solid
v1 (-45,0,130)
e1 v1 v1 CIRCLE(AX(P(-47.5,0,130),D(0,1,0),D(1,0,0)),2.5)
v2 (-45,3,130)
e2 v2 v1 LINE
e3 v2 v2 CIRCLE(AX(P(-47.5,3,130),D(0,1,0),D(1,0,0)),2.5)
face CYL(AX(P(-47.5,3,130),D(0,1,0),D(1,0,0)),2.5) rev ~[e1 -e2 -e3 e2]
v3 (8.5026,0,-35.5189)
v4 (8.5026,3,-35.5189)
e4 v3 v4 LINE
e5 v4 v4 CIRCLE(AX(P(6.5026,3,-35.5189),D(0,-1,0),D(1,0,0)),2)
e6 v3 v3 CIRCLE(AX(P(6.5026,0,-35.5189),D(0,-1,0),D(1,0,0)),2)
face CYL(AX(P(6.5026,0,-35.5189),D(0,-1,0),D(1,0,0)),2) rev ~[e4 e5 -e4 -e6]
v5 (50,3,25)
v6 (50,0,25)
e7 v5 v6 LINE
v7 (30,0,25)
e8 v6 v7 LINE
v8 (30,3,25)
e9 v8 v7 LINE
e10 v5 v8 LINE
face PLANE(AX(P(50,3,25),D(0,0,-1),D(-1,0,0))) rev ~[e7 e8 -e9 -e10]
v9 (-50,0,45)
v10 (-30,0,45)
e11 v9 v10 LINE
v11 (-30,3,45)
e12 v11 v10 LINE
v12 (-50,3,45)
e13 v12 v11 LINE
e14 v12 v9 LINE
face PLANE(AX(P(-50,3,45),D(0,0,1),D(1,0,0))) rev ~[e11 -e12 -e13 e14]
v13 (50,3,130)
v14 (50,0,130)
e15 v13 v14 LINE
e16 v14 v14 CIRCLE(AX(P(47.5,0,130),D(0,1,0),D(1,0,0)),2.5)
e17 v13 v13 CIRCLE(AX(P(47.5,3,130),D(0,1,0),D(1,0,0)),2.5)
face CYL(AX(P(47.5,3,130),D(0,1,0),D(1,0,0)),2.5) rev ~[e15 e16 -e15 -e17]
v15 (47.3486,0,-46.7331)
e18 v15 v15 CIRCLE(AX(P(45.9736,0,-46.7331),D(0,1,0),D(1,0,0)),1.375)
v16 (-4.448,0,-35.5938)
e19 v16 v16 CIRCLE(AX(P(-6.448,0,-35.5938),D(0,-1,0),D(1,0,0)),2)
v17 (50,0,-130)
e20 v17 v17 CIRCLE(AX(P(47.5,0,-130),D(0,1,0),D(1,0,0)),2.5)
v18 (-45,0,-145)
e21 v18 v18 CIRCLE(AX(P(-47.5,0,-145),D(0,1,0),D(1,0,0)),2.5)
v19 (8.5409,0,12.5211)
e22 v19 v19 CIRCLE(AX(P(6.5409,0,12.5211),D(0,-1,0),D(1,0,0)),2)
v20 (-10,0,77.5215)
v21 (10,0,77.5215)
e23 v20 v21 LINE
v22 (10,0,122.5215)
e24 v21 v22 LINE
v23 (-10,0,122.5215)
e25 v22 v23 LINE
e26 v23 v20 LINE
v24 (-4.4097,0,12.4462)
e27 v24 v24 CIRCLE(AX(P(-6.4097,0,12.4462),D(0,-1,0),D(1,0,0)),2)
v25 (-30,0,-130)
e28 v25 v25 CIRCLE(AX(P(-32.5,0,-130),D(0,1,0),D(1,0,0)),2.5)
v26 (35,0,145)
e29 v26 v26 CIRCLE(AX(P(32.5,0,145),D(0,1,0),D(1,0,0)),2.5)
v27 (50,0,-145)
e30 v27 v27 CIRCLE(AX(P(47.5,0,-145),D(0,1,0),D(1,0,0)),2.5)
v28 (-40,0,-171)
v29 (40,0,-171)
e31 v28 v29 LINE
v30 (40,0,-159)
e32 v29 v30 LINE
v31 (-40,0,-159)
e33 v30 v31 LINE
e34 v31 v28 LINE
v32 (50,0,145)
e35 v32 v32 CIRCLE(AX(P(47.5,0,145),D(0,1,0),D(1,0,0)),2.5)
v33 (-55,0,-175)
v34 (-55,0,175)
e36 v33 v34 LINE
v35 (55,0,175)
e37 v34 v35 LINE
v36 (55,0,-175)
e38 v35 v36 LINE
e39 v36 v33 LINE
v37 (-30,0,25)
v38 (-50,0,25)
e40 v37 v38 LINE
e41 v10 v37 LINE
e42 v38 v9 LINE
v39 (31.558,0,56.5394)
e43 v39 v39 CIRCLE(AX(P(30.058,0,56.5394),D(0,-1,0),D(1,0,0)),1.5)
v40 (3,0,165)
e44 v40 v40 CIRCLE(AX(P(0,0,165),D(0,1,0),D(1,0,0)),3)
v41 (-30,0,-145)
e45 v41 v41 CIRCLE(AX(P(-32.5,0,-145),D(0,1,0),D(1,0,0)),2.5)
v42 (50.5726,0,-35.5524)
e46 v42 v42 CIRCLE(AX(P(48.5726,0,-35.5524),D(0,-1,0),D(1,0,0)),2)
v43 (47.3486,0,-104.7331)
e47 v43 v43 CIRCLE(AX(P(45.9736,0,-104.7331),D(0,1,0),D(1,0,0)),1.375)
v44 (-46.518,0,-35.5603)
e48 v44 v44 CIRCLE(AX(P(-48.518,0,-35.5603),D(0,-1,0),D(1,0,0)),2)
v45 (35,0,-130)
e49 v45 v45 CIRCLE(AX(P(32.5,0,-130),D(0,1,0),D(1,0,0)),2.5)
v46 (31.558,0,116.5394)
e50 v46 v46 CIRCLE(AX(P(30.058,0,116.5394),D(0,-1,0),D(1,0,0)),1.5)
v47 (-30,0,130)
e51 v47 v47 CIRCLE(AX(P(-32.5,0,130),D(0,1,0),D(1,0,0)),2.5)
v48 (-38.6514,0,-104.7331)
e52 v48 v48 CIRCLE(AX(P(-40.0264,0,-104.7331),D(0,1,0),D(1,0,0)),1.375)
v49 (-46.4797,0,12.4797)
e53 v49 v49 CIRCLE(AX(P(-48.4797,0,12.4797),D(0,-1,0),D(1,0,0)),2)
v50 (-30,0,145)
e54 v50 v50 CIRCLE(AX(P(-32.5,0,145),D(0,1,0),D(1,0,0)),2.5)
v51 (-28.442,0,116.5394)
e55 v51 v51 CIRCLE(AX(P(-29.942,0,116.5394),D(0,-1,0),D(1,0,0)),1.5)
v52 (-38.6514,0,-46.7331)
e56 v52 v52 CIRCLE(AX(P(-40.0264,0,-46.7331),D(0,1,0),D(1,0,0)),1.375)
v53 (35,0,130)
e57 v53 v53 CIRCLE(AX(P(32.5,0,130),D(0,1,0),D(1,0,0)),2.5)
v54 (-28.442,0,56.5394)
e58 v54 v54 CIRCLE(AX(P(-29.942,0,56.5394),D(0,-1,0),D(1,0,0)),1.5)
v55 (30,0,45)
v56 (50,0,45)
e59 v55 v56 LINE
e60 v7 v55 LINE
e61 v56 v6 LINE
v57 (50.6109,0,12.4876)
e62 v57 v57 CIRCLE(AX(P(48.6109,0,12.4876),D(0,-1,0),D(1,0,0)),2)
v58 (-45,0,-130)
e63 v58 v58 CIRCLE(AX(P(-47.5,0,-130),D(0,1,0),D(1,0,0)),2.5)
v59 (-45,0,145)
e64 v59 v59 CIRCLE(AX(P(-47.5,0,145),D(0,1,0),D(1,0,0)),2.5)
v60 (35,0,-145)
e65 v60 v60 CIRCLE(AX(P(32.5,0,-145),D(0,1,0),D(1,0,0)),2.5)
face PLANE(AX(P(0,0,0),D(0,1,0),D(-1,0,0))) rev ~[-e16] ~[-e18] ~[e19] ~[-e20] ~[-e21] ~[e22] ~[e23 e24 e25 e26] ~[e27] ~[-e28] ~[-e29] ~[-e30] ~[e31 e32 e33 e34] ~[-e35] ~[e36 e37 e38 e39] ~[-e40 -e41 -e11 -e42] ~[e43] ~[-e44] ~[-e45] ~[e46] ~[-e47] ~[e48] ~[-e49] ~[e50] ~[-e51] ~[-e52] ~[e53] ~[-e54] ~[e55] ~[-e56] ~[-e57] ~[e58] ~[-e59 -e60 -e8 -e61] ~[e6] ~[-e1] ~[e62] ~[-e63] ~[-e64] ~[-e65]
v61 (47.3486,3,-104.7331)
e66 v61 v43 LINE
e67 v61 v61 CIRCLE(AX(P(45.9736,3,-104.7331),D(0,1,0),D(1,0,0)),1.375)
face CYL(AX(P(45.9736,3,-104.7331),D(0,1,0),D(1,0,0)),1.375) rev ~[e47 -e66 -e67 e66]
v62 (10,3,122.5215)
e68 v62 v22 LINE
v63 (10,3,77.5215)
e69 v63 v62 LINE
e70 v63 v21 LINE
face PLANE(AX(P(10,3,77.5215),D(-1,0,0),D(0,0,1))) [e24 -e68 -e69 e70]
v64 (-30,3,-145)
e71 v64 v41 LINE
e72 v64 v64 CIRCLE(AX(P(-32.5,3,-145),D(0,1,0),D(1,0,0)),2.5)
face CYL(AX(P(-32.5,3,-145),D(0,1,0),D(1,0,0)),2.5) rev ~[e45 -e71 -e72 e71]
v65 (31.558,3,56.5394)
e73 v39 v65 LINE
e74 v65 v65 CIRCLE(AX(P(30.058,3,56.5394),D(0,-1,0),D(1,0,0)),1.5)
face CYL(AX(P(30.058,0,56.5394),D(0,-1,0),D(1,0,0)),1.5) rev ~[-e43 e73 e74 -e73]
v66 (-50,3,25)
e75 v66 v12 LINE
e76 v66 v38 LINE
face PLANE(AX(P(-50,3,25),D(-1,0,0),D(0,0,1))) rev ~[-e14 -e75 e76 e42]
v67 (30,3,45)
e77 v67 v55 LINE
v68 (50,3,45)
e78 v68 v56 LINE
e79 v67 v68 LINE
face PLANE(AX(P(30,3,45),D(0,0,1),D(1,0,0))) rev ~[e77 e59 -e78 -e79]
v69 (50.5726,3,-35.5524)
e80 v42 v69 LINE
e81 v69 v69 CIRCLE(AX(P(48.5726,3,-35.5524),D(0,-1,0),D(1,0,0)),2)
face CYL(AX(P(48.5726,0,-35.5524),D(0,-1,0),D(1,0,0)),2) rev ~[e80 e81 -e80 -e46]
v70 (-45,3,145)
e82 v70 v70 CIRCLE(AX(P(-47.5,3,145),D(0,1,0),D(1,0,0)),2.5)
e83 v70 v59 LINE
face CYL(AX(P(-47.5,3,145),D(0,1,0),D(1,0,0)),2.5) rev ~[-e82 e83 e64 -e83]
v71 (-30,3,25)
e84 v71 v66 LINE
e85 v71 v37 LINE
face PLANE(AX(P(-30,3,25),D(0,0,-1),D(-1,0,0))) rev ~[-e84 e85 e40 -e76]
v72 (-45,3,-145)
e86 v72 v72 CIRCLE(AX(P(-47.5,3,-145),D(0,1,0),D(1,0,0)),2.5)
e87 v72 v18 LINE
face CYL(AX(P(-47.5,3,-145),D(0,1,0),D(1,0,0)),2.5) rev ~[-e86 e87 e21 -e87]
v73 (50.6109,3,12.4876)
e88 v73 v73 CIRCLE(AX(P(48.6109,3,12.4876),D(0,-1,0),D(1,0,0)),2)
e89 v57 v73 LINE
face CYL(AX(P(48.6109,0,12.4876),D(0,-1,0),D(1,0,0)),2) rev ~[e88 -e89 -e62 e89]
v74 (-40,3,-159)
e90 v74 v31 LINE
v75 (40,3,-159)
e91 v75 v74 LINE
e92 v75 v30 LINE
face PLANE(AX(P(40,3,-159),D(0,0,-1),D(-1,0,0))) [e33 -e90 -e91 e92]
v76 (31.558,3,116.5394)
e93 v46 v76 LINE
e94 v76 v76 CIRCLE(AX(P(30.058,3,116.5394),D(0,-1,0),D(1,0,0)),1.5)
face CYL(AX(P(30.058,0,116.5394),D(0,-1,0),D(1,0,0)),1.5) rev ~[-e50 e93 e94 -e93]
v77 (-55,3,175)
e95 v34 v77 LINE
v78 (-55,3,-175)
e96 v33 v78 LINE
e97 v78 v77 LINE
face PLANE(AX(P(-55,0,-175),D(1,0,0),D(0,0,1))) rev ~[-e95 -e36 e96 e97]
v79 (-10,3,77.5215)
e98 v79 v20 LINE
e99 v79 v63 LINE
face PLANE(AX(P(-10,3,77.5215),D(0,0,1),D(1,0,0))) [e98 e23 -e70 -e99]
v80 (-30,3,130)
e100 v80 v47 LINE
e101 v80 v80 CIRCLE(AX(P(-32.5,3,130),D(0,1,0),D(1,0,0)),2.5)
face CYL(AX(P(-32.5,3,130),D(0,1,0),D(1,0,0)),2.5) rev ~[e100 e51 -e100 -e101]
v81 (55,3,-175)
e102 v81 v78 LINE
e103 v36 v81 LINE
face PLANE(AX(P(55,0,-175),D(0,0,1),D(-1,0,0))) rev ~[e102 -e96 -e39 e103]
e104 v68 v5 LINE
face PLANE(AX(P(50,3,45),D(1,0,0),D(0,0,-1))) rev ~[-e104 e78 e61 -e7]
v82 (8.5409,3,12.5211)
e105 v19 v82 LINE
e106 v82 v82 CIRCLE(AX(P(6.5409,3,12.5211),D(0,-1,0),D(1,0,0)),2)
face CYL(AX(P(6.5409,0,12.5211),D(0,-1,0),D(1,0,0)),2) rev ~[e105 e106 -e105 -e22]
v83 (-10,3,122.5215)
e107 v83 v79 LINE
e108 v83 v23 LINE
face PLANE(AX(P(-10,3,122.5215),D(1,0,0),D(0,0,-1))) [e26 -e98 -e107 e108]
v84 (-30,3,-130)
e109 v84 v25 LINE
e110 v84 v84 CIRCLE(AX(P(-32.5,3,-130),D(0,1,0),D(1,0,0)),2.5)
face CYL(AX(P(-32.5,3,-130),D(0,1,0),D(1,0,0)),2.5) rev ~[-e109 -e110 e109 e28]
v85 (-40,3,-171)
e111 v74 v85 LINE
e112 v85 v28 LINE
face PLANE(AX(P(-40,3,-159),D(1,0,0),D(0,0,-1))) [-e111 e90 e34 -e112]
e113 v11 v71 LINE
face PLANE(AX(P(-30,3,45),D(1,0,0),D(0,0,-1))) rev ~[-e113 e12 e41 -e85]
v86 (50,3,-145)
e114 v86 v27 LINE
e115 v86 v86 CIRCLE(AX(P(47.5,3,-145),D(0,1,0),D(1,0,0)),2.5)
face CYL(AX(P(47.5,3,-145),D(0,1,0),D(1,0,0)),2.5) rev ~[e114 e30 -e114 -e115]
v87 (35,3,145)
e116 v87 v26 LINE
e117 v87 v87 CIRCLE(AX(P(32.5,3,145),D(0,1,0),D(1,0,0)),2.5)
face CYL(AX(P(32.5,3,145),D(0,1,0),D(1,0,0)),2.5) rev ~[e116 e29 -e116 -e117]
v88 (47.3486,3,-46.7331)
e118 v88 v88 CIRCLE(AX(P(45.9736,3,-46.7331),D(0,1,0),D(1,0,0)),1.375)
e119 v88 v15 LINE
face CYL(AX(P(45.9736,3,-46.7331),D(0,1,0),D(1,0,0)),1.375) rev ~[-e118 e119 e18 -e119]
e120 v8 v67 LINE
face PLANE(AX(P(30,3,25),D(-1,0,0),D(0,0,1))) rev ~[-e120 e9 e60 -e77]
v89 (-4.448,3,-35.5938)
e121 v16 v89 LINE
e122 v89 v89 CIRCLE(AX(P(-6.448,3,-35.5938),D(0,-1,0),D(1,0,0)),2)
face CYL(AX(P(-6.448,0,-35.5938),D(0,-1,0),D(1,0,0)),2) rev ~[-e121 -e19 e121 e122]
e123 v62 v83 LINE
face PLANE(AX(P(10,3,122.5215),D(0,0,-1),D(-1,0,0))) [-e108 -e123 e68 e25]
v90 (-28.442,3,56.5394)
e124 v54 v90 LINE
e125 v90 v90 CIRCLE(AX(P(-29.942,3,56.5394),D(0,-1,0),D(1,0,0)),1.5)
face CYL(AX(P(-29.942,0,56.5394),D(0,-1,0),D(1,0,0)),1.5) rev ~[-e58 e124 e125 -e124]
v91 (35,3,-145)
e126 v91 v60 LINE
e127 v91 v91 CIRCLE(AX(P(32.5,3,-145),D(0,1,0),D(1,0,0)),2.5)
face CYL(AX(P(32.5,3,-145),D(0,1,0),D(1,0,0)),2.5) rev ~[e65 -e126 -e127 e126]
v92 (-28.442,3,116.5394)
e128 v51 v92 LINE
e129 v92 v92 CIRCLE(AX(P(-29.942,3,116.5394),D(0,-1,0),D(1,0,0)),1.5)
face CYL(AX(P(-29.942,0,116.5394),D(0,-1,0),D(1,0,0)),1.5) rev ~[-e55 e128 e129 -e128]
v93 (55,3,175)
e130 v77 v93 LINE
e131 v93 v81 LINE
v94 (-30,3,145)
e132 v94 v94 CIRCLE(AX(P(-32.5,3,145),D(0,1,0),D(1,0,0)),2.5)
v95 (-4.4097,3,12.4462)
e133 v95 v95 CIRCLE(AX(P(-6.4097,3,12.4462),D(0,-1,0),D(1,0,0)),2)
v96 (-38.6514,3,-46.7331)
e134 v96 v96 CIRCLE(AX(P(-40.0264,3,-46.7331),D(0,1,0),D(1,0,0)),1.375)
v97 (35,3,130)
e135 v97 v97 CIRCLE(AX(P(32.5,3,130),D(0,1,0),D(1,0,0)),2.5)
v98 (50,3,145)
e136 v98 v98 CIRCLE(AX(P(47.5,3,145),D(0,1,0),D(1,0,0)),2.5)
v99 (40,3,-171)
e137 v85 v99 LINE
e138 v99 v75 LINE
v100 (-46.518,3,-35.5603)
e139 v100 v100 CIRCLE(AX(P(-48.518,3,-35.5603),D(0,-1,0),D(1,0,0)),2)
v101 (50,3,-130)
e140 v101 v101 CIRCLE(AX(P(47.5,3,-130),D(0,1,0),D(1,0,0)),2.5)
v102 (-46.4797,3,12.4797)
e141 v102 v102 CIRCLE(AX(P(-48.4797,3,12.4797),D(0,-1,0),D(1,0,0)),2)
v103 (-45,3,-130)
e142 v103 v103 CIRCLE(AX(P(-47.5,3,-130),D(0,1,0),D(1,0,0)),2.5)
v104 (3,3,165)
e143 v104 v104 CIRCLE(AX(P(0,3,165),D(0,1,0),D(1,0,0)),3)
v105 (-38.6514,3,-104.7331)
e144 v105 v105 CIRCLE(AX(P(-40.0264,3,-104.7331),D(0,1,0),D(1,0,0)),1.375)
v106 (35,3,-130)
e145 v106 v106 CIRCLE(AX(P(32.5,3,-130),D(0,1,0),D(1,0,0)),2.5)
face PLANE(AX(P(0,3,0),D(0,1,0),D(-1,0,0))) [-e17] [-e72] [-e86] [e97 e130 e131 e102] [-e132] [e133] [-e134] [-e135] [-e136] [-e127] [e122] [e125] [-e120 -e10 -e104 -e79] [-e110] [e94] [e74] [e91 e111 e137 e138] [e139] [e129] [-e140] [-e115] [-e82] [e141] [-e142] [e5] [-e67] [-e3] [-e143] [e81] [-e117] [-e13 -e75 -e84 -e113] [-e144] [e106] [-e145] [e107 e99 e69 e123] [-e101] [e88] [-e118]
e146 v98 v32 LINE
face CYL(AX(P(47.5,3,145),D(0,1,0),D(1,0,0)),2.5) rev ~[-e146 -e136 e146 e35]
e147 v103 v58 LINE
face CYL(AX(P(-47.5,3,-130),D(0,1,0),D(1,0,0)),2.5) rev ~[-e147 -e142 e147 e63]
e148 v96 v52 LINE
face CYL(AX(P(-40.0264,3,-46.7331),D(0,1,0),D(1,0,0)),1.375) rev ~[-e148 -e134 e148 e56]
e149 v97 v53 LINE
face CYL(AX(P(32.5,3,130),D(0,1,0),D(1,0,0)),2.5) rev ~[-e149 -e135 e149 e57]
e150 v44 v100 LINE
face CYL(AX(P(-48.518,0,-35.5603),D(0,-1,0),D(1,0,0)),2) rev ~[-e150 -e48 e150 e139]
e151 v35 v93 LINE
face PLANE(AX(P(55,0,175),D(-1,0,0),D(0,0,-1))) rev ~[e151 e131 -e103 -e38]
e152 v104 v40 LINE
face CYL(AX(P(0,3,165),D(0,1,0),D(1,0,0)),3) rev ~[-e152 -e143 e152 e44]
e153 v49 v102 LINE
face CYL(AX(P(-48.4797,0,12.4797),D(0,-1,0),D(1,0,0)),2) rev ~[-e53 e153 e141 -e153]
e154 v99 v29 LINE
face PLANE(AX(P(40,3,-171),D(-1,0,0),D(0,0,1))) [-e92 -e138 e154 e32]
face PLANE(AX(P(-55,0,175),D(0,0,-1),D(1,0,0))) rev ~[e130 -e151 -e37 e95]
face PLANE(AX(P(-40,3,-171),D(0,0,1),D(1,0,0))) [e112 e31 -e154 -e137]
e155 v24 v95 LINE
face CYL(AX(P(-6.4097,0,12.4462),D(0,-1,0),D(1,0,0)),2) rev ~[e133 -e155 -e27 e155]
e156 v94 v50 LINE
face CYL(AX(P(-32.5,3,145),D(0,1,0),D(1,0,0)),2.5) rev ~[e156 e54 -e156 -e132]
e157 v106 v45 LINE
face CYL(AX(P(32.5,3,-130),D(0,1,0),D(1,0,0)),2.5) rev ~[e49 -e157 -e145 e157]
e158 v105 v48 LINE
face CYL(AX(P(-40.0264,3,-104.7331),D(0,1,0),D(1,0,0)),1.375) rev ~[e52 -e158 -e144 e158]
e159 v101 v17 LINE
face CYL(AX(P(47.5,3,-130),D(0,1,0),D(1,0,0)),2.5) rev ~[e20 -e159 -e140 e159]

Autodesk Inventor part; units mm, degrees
ref_plane "YZ Plane" through (0, 0, 0) normal (1, 0, 0) x (0, 1, 0)
ref_plane "XZ Plane" through (0, 0, 0) normal (0, 1, 0) x (-1, 0, 0)
ref_plane "XY Plane" through (0, 0, 0) normal (0, 0, 1) x (1, 0, 0)
sketch "Sketch1" plane through (0, 0, 0) normal (0, 1, 0) x (-1, 0, 0)
  line L0 (55, 175) -> (-55, 175)
  line L1 (-55, 175) -> (-55, -175)
  line L2 (-55, -175) -> (55, -175)
  line L3 (55, -175) -> (55, 175)
  line L4 (55, 175) -> (-55, -175) construction
  line L5 (-55, 175) -> (55, -175) construction
  point P0 (0, 0)
  dimension "d0" = 110
  dimension "d1" = 350
extrude "Extrusion1" add sketch "Sketch1" along normal blind 3
sketch "Sketch2" plane through (0, 3, 0) normal (0, 1, 0) x (1, 0, 0)
  circle A0 centre (-47.5, 145) radius 2.5
  circle A1 centre (-32.5, 145) radius 2.5
  circle A2 centre (-47.5, 130) radius 2.5
  circle A3 centre (-32.5, 130) radius 2.5
  circle A4 centre (47.5, 145) radius 2.5
  circle A5 centre (32.5, 145) radius 2.5
  circle A6 centre (32.5, 130) radius 2.5
  circle A7 centre (47.5, 130) radius 2.5
  circle A8 centre (-47.5, -145) radius 2.5
  circle A9 centre (-32.5, -145) radius 2.5
  circle A10 centre (-47.5, -130) radius 2.5
  circle A11 centre (-32.5, -130) radius 2.5
  circle A12 centre (47.5, -130) radius 2.5
  circle A13 centre (32.5, -130) radius 2.5
  circle A14 centre (32.5, -145) radius 2.5
  circle A15 centre (47.5, -145) radius 2.5
  point P0 (0, 0)
  dimension "d4" = 5
  dimension "d5" = 5
  dimension "d6" = 5
  dimension "d7" = 5
  dimension "d8" = 5
  dimension "d9" = 5
  dimension "d10" = 5
  dimension "d11" = 5
  dimension "d12" = 5
  dimension "d13" = 5
  dimension "d14" = 5
  dimension "d15" = 5
  dimension "d16" = 5
  dimension "d17" = 5
extrude "Extrusion2" cut sketch "Sketch2" against normal blind 77.9625
sketch "Sketch3" plane through (0, 3, 0) normal (0, 1, 0) x (1, 0, 0)
  circle A0 centre (0, -165) radius 3
  point P0 (0, 0)
  dimension "d20" = 6
extrude "Extrusion3" cut sketch "Sketch3" against normal blind 75.725
sketch "Sketch4" plane through (0, 3, 0) normal (0, 1, 0) x (1, 0, 0)
  circle A0 centre (-40.0264, 38.7331) radius 1.375
  circle A1 centre (45.9736, 38.7331) radius 1.375
  circle A2 centre (45.9736, -19.2669) radius 1.375
  circle A3 centre (-40.0264, -19.2669) radius 1.375
  line L0 (-50.0264, -35.6669) -> (-50.0264, 42.1331)
  line L1 (-49.4264, 42.7331) -> (49.3736, 42.7331)
  line L2 (49.9736, 42.1331) -> (49.9736, -35.6669)
  line L3 (39.4736, -37.5169) -> (48.4736, -37.5169)
  line L4 (49.3736, -36.2669) -> (-49.4264, -36.2669)
  circle A4 centre (-40.0264, 46.7331) radius 1.375
  circle A5 centre (45.9736, 46.7331) radius 1.375
  circle A6 centre (45.9736, 104.7331) radius 1.375
  circle A7 centre (-40.0264, 104.7331) radius 1.375
  line L5 (-50.0264, 121.1331) -> (-50.0264, 43.3331)
  line L6 (49.9736, 43.3331) -> (49.9736, 121.1331)
  line L7 (39.4736, 122.9831) -> (48.4736, 122.9831)
  line L8 (49.3736, 121.7331) -> (-49.4264, 121.7331)
  point P0 (0, 0)
  point P1 (0, 85.4662)
extrude "Extrusion4" cut sketch "Sketch4" against normal blind 476.725 contours A4 | A5 | A6 | A7
sketch "Sketch7" plane through (0, 0, 0) normal (0, -1, 0) x (1, 0, 0)
  circle A0 centre (30.058, 56.5394) radius 1.5
  circle A1 centre (30.058, 116.5394) radius 1.5
  circle A2 centre (-29.942, 56.5394) radius 1.5
  circle A3 centre (-29.942, 116.5394) radius 1.5
  circle A4 centre (21.6655, 65.4546) radius 1.319
  circle A5 centre (21.6655, 108.4546) radius 1.319
  circle A6 centre (-21.3345, 65.4546) radius 1.319
  circle A7 centre (-21.3345, 108.4546) radius 1.319
  line L0 (35.058, 51.5394) -> (35.058, 121.5394)
  line L1 (35.058, 121.5394) -> (-34.942, 121.5394)
  line L2 (-34.942, 121.5394) -> (-34.942, 51.5394)
  line L3 (-34.942, 51.5394) -> (35.058, 51.5394)
  point P0 (0, 0)
extrude "Extrusion6" cut sketch "Sketch7" against normal blind 157.6375 contours A0 | A1 | A2 | A3
sketch "Sketch8" plane through (0, 0, 0) normal (0, -1, 0) x (1, 0, 0)
  circle A0 centre (-6.448, -35.5938) radius 2
  circle A1 centre (-6.4424, -28.5958) radius 2
  circle A2 centre (-48.518, -35.5603) radius 2
  circle A3 centre (-48.5124, -28.5623) radius 2
  circle A4 centre (-48.5025, -16.1623) radius 2
  circle A5 centre (-48.4797, 12.4797) radius 2
  circle A6 centre (-6.4097, 12.4462) radius 2
  line L0 (-51.4396, 18.8876) -> (-3.4396, 18.8494)
  line L1 (-51.485, -38.1124) -> (-51.4396, 18.8876)
  line L2 (-3.4396, 18.8494) -> (-3.485, -38.1506)
  line L3 (-3.485, -38.1506) -> (-51.485, -38.1124)
  circle A7 centre (48.5726, -35.5524) radius 2
  circle A8 centre (48.5782, -28.5544) radius 2
  circle A9 centre (6.5026, -35.5189) radius 2
  circle A10 centre (6.5082, -28.5209) radius 2
  circle A11 centre (6.5181, -16.1209) radius 2
  circle A12 centre (6.5409, 12.5211) radius 2
  circle A13 centre (48.6109, 12.4876) radius 2
  line L4 (3.581, 18.929) -> (51.581, 18.8908)
  line L5 (3.5356, -38.071) -> (3.581, 18.929)
  line L6 (51.581, 18.8908) -> (51.5356, -38.1092)
  line L7 (51.5356, -38.1092) -> (3.5356, -38.071)
  point P0 (0, 0)
  point P1 (0.4743, -5.9122)
extrude "Extrusion7" cut sketch "Sketch8" against normal blind 73.5 contours A0 | A2 | A5 | A6 | A7 | A9 | A12 | A13
sketch "Sketch9" plane through (0, 3, 0) normal (0, 1, 0) x (1, 0, 0)
  line L0 (30, -45) -> (50, -45)
  line L1 (50, -45) -> (50, -25)
  line L2 (50, -25) -> (30, -25)
  line L3 (30, -25) -> (30, -45)
  line L4 (30, -45) -> (50, -25) construction
  line L5 (50, -45) -> (30, -25) construction
  line L6 (-50, -45) -> (-30, -45)
  line L7 (-30, -45) -> (-30, -25)
  line L8 (-30, -25) -> (-50, -25)
  line L9 (-50, -25) -> (-50, -45)
  line L10 (-50, -45) -> (-30, -25) construction
  line L11 (-30, -45) -> (-50, -25) construction
  point P0 (0, 0)
  point P1 (40, -35)
  point P2 (-40, -35)
  dimension "d31" = 20
  dimension "d32" = 20
  dimension "d33" = 20
extrude "Extrusion8" cut sketch "Sketch9" against normal blind 163.0375
sketch "Sketch10" plane through (0, 3, 0) normal (0, 1, 0) x (1, 0, 0)
  line L0 (40, 159) -> (-40, 159)
  line L1 (-40, 159) -> (-40, 171)
  line L2 (-40, 171) -> (40, 171)
  line L3 (40, 171) -> (40, 159)
  line L4 (40, 159) -> (-40, 171) construction
  line L5 (-40, 159) -> (40, 171) construction
  point P0 (0, 0)
  point P1 (0, 165)
  dimension "d36" = 80
  dimension "d37" = 12
extrude "Extrusion9" cut sketch "Sketch10" against normal blind 159.225
sketch "Sketch11" plane through (0, 3, 0) normal (0, 1, 0) x (1, 0, 0)
  line L0 (10, -122.5215) -> (-10, -122.5215)
  line L1 (-10, -122.5215) -> (-10, -77.5215)
  line L2 (-10, -77.5215) -> (10, -77.5215)
  line L3 (10, -77.5215) -> (10, -122.5215)
  line L4 (10, -122.5215) -> (-10, -77.5215) construction
  line L5 (-10, -122.5215) -> (10, -77.5215) construction
  point P0 (0, 0)
  point P1 (0, -100.0215)
  dimension "d40" = 20
  dimension "d41" = 45
extrude "Extrusion10" cut sketch "Sketch11" against normal blind 113.825
properties part number "plat" material "Nylon 6/6"
